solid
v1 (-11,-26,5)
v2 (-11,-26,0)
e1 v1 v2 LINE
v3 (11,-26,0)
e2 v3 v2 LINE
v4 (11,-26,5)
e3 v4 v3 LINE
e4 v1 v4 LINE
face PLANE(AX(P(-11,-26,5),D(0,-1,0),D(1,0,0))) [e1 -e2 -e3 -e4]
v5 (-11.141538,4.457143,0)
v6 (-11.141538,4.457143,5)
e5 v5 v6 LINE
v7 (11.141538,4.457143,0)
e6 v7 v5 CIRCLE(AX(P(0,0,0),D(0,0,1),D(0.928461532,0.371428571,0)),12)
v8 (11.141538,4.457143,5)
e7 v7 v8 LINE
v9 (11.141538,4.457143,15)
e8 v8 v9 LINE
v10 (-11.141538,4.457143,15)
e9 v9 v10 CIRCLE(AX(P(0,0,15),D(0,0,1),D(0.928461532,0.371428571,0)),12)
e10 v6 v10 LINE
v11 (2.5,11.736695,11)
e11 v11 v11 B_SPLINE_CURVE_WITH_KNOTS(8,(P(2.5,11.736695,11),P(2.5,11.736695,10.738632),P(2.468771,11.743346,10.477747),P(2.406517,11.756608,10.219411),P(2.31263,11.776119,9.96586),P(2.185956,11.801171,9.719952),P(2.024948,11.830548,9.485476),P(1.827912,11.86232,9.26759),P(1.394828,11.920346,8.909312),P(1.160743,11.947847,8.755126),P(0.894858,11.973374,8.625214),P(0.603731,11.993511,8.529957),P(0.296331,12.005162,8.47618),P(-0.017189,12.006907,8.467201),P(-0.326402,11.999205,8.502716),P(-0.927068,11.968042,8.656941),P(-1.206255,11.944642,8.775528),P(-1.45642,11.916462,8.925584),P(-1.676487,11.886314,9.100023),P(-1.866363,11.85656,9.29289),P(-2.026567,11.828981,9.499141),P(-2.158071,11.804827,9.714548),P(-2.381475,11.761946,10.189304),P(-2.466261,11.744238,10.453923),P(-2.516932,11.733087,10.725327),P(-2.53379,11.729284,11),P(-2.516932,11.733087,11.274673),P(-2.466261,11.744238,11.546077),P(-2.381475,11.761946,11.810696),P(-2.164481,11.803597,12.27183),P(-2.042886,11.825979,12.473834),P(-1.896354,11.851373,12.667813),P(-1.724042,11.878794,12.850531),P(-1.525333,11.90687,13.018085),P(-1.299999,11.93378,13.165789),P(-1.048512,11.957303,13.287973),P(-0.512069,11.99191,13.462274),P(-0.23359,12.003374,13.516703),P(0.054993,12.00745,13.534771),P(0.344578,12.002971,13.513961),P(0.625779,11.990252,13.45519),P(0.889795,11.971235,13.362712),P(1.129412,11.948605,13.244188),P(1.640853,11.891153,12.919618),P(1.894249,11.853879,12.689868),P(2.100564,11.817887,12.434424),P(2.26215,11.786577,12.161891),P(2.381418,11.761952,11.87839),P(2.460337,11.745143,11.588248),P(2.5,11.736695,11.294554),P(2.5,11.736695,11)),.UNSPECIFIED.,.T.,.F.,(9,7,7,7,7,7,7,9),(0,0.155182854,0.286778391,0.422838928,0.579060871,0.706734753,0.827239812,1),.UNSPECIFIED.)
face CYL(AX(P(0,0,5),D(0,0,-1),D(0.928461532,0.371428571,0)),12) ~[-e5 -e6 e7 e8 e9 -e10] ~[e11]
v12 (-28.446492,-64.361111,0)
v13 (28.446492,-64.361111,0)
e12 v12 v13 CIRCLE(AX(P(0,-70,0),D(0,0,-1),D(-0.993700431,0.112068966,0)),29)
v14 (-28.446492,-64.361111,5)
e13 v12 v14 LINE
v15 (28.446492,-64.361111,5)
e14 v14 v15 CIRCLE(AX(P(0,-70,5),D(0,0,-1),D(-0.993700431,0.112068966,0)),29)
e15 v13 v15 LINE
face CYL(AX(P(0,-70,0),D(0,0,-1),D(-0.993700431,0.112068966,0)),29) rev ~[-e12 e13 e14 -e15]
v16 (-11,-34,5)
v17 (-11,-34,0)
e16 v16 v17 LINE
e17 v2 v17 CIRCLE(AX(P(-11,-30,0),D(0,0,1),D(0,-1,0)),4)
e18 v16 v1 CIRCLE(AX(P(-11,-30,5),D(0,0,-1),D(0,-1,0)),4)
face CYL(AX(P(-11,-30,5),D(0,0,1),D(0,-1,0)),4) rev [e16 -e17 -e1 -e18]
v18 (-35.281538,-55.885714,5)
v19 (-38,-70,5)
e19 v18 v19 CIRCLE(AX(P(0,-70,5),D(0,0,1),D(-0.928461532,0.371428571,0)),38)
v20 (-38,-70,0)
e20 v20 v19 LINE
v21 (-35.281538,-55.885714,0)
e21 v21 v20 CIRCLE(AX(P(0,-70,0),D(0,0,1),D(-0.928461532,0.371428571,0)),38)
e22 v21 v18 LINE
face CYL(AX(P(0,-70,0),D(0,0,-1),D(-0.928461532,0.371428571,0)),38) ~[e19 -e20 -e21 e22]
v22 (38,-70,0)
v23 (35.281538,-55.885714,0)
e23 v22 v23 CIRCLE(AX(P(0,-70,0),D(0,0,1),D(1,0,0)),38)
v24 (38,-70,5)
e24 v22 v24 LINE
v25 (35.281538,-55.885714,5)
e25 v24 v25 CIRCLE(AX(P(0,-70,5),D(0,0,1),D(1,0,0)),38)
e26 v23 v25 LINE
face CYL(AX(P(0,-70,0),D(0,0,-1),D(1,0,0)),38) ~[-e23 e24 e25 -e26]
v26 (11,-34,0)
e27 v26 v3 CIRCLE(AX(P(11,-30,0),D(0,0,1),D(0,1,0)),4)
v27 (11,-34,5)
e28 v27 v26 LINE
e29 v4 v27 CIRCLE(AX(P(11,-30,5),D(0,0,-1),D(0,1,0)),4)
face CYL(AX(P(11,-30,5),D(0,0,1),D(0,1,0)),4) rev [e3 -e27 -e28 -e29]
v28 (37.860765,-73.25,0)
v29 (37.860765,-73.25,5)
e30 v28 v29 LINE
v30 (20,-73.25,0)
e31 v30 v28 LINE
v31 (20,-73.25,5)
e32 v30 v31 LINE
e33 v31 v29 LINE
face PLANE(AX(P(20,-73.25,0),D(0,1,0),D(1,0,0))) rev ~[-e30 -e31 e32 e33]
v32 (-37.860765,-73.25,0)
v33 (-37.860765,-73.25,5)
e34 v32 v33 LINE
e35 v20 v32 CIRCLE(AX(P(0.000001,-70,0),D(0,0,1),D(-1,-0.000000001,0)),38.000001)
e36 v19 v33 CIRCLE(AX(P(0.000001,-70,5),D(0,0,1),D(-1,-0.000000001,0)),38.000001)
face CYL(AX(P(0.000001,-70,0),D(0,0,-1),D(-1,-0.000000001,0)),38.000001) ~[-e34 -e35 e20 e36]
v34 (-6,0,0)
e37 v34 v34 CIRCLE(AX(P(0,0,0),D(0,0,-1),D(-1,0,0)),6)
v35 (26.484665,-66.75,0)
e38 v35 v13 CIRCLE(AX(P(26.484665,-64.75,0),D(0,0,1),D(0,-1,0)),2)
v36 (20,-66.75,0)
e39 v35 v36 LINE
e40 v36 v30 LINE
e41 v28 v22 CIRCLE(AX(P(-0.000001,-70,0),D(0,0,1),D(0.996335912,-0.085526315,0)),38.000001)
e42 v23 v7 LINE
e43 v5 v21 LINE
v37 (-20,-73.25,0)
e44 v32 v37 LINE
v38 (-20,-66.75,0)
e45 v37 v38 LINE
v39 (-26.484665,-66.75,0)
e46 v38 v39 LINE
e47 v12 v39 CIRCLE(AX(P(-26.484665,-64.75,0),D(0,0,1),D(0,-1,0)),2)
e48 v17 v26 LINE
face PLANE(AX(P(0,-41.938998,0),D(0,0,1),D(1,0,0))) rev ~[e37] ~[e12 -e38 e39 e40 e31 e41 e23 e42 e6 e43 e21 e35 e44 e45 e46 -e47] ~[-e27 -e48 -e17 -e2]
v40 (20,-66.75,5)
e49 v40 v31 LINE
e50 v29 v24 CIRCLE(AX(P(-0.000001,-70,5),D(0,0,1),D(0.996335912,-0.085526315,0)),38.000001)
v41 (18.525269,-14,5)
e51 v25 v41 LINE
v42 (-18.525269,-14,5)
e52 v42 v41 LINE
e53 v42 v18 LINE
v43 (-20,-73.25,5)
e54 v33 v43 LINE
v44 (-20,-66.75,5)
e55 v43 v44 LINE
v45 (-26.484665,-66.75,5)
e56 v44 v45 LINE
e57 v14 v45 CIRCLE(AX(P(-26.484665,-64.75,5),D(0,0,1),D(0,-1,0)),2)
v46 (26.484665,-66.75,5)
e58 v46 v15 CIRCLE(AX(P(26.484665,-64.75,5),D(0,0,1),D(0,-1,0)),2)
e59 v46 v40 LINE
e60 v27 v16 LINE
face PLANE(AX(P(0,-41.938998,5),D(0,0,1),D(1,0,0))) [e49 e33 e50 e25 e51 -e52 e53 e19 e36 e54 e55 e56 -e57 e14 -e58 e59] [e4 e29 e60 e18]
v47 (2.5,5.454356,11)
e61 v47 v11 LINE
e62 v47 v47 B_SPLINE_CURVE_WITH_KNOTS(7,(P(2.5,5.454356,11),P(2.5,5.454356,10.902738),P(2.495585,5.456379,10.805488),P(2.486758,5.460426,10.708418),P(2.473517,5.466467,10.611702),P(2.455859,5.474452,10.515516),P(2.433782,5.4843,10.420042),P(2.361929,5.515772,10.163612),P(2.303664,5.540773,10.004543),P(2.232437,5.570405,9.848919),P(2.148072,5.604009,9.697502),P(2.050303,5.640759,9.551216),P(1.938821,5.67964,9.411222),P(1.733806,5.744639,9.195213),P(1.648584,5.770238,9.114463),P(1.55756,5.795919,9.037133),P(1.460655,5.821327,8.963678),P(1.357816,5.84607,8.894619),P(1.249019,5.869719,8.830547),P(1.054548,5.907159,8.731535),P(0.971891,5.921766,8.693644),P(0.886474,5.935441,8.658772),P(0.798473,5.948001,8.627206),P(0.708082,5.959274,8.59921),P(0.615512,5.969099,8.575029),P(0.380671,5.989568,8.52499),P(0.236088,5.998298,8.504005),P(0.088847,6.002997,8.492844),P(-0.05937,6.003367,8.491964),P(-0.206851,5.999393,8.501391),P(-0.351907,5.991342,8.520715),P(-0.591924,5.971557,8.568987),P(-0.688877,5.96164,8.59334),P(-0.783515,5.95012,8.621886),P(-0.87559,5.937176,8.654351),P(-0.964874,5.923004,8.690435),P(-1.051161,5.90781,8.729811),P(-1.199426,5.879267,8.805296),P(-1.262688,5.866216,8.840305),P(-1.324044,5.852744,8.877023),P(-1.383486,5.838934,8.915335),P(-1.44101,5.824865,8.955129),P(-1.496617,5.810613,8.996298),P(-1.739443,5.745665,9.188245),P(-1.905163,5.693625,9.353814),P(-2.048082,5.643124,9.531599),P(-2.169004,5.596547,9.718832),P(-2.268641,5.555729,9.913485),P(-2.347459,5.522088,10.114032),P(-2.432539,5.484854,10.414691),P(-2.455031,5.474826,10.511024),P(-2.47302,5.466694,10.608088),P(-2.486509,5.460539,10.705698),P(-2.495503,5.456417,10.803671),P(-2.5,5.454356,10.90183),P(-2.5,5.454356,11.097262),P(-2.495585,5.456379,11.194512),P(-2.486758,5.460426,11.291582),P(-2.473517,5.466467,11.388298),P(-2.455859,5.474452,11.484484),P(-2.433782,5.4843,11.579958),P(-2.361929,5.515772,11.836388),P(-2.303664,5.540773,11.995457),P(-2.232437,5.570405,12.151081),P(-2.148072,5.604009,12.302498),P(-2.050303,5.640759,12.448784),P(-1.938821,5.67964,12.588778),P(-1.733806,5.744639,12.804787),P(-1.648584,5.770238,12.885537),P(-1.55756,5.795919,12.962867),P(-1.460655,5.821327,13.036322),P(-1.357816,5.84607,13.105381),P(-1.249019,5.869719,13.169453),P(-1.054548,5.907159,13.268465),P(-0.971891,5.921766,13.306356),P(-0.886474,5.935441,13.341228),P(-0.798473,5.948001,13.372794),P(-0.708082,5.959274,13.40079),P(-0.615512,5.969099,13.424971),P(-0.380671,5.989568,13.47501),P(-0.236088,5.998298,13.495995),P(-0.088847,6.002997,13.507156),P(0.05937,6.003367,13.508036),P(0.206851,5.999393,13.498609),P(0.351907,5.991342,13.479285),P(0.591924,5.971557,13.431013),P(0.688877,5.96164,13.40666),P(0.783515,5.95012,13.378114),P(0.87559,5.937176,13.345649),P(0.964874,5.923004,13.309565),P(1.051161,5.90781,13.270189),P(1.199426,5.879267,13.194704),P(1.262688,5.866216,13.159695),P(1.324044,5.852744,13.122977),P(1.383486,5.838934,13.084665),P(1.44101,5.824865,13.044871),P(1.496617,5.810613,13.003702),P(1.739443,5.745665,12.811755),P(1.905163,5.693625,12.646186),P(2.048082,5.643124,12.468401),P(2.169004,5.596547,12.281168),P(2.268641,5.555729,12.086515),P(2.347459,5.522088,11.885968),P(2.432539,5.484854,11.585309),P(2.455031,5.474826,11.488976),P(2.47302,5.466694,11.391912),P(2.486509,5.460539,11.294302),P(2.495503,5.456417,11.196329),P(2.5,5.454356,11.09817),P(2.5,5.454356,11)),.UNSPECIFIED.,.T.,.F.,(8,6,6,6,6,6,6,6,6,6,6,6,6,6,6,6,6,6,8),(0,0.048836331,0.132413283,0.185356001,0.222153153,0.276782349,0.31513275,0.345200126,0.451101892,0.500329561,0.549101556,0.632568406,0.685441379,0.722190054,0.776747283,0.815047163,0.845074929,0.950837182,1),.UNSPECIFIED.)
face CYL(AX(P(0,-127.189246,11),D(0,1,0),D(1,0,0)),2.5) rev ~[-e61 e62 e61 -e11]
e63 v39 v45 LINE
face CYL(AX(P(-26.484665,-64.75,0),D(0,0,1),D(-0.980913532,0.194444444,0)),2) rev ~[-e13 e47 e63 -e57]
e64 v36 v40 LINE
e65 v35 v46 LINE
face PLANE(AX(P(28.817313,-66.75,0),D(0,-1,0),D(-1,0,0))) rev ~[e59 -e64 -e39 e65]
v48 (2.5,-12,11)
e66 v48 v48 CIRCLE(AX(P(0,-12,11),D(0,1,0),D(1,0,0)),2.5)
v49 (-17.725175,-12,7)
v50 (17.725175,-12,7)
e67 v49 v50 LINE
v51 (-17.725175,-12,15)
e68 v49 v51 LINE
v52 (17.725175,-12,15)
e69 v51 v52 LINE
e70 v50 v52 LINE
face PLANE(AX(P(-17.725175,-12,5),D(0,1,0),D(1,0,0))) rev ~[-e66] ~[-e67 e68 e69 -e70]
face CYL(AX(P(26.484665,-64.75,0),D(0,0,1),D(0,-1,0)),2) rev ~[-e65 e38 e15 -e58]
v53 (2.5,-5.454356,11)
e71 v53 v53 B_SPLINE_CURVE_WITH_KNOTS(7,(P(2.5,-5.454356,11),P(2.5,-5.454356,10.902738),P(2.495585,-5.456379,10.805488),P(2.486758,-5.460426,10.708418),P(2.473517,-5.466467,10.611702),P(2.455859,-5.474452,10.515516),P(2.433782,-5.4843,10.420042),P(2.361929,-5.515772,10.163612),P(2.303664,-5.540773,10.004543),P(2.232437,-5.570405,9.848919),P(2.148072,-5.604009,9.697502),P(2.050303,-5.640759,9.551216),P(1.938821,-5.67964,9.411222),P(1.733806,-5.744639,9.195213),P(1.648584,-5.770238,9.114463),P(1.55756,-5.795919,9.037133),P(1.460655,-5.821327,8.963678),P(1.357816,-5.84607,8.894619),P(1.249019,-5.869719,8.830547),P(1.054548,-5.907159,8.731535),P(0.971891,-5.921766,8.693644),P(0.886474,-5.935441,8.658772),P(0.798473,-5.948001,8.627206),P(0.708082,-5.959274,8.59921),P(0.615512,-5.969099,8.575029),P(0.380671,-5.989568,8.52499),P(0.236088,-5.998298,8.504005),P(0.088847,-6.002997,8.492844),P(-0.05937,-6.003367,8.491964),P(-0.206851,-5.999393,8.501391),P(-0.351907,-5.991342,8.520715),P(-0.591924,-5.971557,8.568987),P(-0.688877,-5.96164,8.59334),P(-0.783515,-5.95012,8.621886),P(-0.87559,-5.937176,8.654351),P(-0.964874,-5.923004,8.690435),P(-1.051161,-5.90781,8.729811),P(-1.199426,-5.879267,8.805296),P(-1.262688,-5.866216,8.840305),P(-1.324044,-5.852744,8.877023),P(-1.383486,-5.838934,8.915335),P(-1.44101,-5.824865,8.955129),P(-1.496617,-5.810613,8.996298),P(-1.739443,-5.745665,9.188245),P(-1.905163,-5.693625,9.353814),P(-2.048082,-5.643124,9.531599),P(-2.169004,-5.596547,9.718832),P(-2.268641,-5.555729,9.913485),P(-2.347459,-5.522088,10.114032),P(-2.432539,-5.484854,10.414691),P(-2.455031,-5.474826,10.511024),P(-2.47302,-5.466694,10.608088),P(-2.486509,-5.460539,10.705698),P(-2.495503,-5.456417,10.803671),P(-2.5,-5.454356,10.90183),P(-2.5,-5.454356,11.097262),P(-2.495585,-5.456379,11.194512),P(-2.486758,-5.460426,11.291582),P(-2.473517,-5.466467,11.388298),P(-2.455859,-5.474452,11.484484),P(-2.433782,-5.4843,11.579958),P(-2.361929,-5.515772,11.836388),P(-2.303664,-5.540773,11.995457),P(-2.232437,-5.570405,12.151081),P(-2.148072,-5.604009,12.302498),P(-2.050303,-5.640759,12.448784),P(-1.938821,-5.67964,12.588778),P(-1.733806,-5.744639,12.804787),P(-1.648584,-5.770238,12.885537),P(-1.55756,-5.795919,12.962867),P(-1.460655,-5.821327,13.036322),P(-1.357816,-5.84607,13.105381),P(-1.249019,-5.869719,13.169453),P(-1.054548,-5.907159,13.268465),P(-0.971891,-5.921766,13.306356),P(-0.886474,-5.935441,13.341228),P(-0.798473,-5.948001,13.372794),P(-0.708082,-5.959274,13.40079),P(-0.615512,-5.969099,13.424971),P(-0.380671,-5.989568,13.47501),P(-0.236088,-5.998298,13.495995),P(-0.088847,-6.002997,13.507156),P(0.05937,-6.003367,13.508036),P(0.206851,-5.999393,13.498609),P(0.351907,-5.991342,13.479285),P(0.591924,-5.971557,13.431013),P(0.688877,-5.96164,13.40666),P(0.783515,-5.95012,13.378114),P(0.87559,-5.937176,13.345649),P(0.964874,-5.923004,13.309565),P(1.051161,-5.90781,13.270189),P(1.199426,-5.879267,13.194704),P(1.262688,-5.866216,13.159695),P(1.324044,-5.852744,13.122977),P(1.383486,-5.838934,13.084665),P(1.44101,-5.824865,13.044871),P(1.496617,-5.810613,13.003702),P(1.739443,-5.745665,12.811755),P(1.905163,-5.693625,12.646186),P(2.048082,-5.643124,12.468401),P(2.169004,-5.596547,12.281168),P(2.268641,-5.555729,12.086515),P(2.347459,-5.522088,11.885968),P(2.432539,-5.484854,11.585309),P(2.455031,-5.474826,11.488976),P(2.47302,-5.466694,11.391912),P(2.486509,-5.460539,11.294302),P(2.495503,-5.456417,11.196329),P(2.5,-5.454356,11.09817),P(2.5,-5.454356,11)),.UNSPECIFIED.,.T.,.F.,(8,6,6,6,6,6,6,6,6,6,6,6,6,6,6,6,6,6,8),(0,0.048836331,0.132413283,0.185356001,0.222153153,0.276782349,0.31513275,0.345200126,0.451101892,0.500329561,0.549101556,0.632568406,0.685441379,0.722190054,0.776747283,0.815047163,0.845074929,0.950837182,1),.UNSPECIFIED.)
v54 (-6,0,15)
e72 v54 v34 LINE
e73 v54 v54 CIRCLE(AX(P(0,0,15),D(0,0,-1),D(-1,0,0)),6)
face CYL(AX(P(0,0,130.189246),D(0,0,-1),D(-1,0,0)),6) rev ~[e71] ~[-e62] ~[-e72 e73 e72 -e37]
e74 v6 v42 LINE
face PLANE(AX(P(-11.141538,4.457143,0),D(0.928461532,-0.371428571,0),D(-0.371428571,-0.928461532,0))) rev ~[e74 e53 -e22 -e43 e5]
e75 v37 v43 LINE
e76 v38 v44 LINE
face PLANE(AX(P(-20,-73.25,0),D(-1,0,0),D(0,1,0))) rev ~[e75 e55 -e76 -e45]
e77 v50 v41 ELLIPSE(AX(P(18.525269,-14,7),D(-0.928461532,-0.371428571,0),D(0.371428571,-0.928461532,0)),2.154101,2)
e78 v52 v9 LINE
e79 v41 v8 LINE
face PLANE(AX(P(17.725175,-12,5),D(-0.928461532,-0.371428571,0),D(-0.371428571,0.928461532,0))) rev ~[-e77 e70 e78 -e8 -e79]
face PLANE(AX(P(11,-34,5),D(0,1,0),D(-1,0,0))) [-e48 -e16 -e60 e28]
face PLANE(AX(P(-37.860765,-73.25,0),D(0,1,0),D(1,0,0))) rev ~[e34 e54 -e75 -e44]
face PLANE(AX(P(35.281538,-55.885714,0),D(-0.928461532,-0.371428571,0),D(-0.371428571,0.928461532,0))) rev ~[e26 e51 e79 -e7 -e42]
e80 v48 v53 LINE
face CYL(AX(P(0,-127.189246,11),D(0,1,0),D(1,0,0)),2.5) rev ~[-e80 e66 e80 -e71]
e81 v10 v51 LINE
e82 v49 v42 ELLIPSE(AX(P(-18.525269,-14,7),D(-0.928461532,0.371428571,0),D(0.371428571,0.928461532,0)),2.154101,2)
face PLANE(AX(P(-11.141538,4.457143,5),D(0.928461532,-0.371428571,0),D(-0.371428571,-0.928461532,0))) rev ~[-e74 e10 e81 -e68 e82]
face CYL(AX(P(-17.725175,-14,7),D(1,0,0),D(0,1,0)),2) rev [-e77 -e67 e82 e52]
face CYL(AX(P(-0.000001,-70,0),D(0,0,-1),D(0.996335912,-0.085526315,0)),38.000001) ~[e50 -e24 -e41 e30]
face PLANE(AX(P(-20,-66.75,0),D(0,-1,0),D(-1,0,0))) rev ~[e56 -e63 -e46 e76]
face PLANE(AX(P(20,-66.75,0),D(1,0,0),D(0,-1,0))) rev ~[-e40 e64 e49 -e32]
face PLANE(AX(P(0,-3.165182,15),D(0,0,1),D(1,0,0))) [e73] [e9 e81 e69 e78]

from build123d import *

# Parameters (mm, degrees)
ESTRUSIONE_ESTRUSIONE1_DEPTH = 5
ESTRUSIONE_ESTRUSIONE2_DEPTH = 10
RACCORDO1_R                  = 2
FORO_12_0_12_1_D             = 12
FORO_5_0_5_2_D               = 5
TAGLIO_ESTRUSIONE1_REACH     = 85.124


with BuildPart() as part:
    # Schizzo2 → Estrusione-Estrusione1 (new body)
    with BuildSketch(Plane.XY):
        with BuildLine():
            ThreePointArc((11.141538384, 4.457142857), (0, 12), (-11.141538384, 4.457142857))
            Line((-11.141538384, 4.457142857), (-35.281538214, -55.885714286))
            ThreePointArc((-35.281538214, -55.885714286), (-37.314196039, -62.813152713), (-38, -70))
            ThreePointArc((-38, -70), (-37.965175205, -71.626490584), (-37.860764652, -73.25))
            Line((-37.860764652, -73.25), (-20, -73.25))
            Line((-20, -73.25), (-20, -66.75))
            Line((-20, -66.75), (-28.817312505, -66.75))
            ThreePointArc((-28.817312505, -66.75), (0, -41), (28.817312505, -66.75))
            Line((28.817312505, -66.75), (20, -66.75))
            Line((20, -66.75), (20, -73.25))
            Line((20, -73.25), (37.860764652, -73.25))
            ThreePointArc((37.860764652, -73.25), (37.965175205, -71.626490584), (38, -70))
            ThreePointArc((38, -70), (37.314196039, -62.813152713), (35.281538214, -55.885714286))
            Line((35.281538214, -55.885714286), (11.141538384, 4.457142857))
        make_face()
    extrude(amount=ESTRUSIONE_ESTRUSIONE1_DEPTH)

    # Schizzo3 → Estrusione-Estrusione2 (add)
    with BuildSketch(Plane.XY.offset(5)):
        with BuildLine():
            Line((-17.725174701, -12), (17.725174701, -12))
            Line((17.725174701, -12), (11.141538384, 4.457142857))
            ThreePointArc((11.141538384, 4.457142857), (0, 12), (-11.141538384, 4.457142857))
            Line((-11.141538384, 4.457142857), (-17.725174701, -12))
        make_face()
    extrude(amount=ESTRUSIONE_ESTRUSIONE2_DEPTH)

    # Raccordo1
    raccordo1_edges = [part.edges().sort_by_distance(p)[0] for p in [
        (-28.817312505, -66.75, 2.5),
        (28.817312505, -66.75, 2.5),
        (0, -12, 5),
    ]]
    fillet(raccordo1_edges, radius=RACCORDO1_R)

    # Foro Ø12.0 (12)-1 (through all)
    with Locations(Plane.XY.offset(15)):
        with Locations((0, 0)):
            Hole(FORO_12_0_12_1_D / 2)

    # Foro Ø5.0 (5)-2 (through all)
    with Locations(Plane(origin=(0, -12, 0), x_dir=(-1, 0, 0), z_dir=(0, -1, 0))):
        with Locations((0, -11)):
            Hole(FORO_5_0_5_2_D / 2)

    # Schizzo8 → Taglio-Estrusione1 (cut, up to next)
    with BuildSketch(Plane.XY.offset(5), mode=Mode.PRIVATE) as taglio_estrusione1_sk1:
        with BuildLine():
            Line((-11, -26), (11, -26))
            ThreePointArc((11, -26), (15, -30), (11, -34))
            Line((11, -34), (-11, -34))
            ThreePointArc((-11, -34), (-15, -30), (-11, -26))
        make_face()
    taglio_estrusione1_tool1 = extrude(taglio_estrusione1_sk1.sketch, amount=-TAGLIO_ESTRUSIONE1_REACH, mode=Mode.PRIVATE) & part.part
    add(taglio_estrusione1_tool1.solids().sort_by_distance((0, -30, 5))[0], mode=Mode.SUBTRACT)


solid = part.part
